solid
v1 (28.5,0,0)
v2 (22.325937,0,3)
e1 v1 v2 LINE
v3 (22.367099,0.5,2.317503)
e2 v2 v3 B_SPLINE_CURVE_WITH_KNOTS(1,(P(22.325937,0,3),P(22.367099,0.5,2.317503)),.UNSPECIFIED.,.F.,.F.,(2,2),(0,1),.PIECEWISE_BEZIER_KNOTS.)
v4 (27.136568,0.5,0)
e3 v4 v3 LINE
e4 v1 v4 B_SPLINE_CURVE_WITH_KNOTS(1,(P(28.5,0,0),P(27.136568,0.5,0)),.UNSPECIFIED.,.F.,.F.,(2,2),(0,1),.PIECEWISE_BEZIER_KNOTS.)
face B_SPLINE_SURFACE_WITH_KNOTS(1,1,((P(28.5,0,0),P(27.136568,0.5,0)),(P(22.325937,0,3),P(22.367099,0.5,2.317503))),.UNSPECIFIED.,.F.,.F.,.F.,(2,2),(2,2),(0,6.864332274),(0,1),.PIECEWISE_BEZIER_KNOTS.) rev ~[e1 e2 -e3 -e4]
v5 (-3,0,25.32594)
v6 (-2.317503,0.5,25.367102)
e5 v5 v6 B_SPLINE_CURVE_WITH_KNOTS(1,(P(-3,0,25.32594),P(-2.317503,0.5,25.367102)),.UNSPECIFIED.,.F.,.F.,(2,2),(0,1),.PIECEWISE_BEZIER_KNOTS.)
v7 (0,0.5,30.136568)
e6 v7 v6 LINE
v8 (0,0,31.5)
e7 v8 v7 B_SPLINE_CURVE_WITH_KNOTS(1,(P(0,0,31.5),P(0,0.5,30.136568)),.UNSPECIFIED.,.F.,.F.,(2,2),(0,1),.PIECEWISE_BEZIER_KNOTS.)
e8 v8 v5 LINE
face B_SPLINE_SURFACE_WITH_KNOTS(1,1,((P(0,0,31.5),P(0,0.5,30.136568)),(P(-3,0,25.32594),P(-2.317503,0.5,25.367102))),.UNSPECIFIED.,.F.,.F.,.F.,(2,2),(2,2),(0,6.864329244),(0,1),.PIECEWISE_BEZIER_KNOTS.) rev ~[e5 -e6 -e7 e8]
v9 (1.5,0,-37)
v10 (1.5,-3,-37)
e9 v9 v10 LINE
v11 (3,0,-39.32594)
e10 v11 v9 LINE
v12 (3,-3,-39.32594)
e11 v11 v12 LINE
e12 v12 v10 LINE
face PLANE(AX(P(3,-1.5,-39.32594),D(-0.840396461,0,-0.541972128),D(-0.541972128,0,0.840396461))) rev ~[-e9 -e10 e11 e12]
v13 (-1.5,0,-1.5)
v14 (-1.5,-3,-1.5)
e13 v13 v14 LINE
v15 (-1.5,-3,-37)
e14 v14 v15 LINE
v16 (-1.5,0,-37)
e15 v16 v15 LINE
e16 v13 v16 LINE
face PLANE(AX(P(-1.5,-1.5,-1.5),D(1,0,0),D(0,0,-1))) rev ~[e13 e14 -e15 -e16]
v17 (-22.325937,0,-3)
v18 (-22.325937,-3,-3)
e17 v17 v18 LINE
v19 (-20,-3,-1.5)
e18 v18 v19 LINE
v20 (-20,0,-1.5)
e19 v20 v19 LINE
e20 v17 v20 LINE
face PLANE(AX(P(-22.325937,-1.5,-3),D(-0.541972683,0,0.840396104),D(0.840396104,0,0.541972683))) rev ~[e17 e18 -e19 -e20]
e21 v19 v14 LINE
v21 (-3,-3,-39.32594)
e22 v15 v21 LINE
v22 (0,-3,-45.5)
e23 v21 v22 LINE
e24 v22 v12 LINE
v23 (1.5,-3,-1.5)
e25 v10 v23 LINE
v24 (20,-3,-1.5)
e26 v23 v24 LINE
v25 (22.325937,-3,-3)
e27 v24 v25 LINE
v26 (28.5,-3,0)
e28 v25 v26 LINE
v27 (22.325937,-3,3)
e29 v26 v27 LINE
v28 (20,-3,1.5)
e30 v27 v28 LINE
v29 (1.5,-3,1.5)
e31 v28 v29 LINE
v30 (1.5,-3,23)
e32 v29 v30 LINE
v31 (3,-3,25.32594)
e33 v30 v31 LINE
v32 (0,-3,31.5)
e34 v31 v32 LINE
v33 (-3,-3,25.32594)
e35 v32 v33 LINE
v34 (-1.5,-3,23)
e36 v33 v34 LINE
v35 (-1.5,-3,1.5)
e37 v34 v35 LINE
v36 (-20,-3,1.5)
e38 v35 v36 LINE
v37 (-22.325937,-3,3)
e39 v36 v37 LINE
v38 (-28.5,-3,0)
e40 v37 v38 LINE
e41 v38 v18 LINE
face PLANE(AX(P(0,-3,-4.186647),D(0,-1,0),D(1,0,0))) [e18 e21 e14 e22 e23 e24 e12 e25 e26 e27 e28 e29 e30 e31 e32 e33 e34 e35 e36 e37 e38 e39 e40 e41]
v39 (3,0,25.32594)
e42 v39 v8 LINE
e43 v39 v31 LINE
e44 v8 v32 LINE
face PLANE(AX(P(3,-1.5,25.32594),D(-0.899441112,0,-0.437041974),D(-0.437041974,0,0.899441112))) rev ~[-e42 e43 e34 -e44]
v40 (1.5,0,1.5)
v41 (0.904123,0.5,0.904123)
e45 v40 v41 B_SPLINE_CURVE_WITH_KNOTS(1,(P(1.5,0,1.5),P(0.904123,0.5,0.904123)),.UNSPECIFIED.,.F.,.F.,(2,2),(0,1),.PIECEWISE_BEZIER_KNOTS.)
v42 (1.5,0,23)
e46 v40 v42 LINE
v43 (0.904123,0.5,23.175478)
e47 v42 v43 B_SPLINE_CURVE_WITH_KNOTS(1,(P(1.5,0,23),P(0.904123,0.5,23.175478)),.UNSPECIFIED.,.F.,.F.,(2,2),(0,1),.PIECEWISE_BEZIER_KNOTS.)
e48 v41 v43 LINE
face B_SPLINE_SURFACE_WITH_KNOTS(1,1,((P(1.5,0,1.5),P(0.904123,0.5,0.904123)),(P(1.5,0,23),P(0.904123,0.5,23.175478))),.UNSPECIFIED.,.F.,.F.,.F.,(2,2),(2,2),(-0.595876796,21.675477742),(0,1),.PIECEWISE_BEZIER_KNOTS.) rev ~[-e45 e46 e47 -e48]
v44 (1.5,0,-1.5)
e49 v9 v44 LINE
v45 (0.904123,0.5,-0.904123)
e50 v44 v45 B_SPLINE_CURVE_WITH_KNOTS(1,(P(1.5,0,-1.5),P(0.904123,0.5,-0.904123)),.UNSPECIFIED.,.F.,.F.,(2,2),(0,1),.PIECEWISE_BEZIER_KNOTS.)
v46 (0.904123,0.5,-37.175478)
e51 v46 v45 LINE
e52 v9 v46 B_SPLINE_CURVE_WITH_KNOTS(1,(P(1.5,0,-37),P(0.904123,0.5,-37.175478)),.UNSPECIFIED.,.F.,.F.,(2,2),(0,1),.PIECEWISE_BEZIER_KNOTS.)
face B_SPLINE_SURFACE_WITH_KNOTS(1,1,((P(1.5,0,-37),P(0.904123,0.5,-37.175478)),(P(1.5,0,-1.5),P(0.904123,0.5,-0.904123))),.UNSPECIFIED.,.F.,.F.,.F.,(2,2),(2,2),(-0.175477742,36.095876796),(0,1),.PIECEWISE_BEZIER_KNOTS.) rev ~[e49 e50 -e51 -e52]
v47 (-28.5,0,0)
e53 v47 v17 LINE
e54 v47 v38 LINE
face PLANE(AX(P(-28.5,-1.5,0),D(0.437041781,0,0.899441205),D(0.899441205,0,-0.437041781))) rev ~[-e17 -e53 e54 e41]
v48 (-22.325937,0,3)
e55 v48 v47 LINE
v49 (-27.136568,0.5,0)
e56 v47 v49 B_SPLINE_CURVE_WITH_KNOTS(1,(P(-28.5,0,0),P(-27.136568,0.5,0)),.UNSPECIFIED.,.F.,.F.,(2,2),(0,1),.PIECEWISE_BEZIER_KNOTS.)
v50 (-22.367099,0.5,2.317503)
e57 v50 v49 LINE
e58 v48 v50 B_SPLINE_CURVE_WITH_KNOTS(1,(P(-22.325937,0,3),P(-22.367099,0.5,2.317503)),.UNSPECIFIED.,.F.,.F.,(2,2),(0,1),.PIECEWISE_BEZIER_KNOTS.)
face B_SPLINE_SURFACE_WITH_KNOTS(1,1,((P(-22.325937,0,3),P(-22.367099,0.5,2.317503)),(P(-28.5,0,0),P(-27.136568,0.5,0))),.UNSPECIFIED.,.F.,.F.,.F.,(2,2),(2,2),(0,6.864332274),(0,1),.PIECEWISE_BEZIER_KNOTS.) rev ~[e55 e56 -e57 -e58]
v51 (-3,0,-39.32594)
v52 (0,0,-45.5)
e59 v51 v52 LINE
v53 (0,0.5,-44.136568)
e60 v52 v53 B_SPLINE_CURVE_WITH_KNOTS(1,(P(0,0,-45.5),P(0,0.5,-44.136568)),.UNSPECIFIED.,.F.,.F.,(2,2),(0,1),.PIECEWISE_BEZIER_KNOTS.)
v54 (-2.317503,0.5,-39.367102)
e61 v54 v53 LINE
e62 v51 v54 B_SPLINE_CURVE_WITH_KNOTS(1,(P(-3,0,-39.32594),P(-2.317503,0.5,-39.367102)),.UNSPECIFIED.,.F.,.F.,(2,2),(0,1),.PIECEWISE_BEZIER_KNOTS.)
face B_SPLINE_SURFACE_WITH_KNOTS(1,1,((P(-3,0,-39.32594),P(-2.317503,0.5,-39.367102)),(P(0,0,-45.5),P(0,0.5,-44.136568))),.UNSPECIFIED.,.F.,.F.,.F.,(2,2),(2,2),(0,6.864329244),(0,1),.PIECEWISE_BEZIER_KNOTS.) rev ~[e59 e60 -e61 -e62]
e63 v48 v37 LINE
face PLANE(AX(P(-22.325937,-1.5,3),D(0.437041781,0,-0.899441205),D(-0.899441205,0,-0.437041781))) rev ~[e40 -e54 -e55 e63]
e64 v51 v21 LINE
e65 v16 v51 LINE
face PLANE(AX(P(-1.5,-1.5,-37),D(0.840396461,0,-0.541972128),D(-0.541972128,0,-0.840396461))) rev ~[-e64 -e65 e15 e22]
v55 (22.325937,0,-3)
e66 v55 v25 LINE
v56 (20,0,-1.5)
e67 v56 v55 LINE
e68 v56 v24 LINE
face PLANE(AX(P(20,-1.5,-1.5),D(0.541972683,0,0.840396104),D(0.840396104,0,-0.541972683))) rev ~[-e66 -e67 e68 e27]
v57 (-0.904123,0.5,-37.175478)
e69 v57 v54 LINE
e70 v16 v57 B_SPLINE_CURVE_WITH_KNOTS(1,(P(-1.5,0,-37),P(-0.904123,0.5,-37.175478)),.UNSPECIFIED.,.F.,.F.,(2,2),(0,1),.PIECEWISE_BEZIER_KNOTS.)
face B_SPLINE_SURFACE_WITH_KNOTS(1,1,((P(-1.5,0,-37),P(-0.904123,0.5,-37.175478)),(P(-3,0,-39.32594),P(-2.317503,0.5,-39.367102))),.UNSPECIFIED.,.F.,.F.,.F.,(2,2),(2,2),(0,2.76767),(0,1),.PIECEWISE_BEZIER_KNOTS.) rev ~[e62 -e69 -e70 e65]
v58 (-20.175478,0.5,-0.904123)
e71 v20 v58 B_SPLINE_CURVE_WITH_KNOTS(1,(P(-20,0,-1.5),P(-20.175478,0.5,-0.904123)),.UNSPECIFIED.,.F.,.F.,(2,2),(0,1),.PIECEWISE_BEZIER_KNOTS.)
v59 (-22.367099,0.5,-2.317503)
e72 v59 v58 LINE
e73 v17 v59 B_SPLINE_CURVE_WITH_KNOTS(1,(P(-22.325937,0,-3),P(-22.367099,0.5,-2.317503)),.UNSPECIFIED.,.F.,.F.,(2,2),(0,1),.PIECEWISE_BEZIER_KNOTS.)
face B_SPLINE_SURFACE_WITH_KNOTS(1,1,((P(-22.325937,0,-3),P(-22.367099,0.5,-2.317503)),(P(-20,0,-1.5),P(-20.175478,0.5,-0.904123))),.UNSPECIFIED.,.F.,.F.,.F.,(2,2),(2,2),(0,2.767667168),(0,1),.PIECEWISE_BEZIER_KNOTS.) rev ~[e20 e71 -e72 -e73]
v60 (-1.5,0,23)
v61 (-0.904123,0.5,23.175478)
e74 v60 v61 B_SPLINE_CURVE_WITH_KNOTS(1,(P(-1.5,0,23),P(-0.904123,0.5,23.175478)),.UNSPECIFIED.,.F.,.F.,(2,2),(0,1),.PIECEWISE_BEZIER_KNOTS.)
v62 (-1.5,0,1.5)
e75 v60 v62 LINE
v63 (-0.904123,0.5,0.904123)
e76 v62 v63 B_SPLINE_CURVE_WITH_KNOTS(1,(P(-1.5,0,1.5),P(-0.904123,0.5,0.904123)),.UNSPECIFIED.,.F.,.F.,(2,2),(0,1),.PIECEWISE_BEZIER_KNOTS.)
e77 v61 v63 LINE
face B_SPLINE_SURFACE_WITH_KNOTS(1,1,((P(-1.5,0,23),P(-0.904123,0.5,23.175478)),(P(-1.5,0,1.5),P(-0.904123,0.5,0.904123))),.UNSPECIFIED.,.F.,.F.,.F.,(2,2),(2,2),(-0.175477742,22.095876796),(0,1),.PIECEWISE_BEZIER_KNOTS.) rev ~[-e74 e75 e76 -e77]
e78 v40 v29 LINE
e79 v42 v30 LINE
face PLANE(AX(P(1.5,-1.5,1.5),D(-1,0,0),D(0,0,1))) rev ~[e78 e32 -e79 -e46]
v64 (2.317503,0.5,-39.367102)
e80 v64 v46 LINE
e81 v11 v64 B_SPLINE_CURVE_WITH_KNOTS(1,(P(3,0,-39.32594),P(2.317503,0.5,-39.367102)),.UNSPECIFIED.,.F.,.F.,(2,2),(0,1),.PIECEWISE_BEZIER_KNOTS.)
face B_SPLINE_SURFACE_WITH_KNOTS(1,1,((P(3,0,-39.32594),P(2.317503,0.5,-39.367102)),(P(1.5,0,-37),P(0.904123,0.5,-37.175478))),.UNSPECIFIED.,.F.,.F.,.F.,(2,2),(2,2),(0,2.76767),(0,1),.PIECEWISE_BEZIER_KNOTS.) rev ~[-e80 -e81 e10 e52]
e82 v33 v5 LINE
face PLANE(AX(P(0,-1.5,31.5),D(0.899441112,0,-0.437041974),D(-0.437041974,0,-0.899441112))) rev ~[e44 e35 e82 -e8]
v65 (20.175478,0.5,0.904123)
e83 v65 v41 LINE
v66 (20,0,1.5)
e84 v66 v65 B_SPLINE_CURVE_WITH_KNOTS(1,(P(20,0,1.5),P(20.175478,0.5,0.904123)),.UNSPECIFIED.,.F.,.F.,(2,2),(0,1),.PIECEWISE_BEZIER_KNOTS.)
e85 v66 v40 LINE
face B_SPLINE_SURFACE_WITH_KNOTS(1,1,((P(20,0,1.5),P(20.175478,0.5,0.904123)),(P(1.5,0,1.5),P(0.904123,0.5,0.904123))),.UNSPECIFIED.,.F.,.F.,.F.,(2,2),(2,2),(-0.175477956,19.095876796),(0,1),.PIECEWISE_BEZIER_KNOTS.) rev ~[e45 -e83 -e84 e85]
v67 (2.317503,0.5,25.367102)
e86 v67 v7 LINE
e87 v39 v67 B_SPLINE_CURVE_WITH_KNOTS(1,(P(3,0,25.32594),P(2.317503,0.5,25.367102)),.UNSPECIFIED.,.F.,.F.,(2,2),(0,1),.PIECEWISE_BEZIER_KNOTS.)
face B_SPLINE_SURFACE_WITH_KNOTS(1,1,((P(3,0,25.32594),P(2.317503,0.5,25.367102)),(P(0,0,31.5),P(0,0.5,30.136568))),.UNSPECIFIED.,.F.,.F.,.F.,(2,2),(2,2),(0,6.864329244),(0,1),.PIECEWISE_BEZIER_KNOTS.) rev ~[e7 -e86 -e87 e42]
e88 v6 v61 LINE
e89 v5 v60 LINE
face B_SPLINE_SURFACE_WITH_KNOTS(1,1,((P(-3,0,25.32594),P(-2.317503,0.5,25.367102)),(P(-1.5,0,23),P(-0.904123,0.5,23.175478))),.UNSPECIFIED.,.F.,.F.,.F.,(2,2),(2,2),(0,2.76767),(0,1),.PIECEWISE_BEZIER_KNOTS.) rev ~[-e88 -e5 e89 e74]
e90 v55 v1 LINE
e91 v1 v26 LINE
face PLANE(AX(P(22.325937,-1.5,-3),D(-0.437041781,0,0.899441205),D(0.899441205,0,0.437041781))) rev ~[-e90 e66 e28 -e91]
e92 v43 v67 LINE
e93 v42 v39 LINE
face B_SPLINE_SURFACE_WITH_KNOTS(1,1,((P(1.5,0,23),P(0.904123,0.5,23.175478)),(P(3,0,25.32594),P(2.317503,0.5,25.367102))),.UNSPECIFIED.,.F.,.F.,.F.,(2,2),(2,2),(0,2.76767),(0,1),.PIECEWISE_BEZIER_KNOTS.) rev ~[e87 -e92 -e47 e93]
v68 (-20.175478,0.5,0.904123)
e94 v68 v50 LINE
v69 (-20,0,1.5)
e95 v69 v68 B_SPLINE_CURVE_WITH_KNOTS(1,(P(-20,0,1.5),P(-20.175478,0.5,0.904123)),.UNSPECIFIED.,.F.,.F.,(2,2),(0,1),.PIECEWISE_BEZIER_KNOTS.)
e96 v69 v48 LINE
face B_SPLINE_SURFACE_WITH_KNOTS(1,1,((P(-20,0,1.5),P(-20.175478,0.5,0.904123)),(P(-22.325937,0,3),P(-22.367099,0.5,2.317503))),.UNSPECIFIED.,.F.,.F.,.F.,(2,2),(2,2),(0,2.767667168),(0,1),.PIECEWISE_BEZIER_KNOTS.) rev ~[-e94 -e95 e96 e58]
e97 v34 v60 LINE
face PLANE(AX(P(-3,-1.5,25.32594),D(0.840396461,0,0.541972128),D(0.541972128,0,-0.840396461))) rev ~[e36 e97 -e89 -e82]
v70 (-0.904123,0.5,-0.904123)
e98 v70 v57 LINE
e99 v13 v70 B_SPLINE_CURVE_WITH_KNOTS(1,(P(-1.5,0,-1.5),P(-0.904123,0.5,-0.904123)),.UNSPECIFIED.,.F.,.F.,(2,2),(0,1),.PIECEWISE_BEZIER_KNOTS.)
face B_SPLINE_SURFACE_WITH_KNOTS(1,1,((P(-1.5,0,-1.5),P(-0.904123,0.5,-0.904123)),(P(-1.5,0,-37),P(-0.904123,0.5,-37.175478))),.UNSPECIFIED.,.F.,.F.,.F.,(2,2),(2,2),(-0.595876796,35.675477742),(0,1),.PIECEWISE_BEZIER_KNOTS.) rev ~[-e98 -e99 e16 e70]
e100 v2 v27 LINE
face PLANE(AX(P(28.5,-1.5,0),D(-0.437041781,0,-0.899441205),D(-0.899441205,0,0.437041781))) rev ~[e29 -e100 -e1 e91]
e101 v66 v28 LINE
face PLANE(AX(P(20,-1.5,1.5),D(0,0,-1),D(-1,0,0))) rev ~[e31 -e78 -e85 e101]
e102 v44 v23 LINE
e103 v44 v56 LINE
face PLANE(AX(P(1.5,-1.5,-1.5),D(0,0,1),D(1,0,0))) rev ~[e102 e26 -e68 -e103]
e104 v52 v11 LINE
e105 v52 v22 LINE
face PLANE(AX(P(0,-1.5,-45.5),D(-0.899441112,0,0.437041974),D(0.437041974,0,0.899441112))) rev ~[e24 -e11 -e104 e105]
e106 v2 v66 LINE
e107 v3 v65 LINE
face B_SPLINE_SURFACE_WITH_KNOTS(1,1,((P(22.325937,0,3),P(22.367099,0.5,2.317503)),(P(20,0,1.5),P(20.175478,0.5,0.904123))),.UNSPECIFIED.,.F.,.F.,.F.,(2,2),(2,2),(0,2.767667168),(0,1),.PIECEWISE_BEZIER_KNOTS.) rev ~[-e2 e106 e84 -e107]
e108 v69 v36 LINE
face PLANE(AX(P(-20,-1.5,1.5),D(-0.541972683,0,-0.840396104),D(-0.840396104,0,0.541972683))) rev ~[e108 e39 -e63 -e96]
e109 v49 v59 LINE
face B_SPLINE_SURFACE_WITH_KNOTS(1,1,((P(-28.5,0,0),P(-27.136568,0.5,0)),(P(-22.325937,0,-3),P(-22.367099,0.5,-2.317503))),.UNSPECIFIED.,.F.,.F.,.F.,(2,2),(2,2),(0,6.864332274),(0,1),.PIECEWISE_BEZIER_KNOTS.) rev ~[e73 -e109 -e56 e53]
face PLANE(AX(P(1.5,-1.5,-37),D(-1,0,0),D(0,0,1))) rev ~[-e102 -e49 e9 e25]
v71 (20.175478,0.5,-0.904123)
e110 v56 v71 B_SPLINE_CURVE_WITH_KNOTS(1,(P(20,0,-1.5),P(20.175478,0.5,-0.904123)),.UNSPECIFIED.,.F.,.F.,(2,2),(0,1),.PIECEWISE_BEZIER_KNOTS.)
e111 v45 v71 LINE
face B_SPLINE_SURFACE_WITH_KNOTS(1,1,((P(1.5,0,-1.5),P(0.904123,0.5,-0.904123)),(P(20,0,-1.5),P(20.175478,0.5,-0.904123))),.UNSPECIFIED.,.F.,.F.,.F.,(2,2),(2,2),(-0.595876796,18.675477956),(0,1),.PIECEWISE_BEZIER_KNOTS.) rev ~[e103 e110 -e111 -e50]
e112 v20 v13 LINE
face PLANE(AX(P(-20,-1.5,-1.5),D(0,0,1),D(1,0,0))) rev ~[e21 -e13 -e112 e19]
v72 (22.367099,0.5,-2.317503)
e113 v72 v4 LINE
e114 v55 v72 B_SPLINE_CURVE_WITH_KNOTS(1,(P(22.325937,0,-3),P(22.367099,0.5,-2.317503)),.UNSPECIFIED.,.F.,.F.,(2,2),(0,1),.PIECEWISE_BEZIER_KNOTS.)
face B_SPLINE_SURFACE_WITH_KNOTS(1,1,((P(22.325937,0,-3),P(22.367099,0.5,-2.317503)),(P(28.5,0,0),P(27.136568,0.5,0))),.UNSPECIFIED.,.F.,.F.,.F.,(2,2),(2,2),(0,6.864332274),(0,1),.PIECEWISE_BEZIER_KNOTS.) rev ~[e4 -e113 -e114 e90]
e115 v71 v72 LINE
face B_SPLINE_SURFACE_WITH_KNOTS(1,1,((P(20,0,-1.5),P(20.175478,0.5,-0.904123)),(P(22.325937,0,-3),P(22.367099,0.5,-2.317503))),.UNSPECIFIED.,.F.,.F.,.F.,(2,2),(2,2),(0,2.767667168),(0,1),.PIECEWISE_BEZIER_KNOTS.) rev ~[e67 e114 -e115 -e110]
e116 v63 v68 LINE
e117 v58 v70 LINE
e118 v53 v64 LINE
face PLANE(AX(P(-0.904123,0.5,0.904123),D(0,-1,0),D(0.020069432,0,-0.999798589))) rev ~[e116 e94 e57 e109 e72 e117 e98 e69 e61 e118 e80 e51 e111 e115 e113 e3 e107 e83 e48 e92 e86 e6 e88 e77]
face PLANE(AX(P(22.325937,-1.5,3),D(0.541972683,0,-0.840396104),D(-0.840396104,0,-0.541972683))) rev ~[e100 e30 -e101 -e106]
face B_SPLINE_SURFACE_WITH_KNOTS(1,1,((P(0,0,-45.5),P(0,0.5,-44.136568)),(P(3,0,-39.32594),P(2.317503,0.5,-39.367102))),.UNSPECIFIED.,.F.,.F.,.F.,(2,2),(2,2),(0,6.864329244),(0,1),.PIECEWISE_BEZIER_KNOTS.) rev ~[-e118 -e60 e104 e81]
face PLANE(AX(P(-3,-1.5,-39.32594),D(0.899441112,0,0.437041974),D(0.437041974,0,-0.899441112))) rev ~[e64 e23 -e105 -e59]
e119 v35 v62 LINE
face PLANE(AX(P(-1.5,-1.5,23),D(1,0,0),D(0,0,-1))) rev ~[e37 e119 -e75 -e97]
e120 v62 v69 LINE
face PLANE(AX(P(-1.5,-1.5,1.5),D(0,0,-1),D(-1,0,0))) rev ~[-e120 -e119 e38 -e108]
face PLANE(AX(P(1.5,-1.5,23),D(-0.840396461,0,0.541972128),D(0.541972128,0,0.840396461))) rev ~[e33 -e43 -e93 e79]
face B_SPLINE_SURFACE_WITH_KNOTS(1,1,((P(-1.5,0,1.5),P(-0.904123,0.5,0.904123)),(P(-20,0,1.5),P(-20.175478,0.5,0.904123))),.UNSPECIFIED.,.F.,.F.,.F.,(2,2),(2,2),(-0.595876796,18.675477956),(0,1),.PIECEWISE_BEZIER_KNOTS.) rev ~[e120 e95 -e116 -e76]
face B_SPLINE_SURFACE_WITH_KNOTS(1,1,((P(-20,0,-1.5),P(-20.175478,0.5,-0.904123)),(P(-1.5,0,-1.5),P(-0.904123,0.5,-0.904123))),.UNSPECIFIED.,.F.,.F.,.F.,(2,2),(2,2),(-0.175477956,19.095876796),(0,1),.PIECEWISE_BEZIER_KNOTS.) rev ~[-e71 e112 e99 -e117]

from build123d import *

# Parameters (mm, degrees)
F1_DEPTH = 1.5
F2_DEPTH = 0.5
F2_TAPER = 50
F3_DEPTH = 1.5


with BuildPart() as f1:
    # F0 (on Front) → F1 (new body)
    with BuildSketch(Plane.XZ):
        Polygon((-1.5, 1.5), (-20, 1.5), (-22.3259367049, 3), (-28.5, 0), (-22.3259367049, -3), (-20, -1.5), (-1.5, -1.5), (-1.5, -37), (-3, -39.3259400742), (0, -45.5), (3, -39.3259400742), (1.5, -37), (1.5, -1.5), (20, -1.5), (22.3259367049, -3), (28.5, 0), (22.3259367049, 3), (20, 1.5), (1.5, 1.5), (1.5, 23), (3, 25.3259400742), (0, 31.5), (-3, 25.3259400742), (-1.5, 23), align=None)
        Polygon((-1, -1), (-1.5, -1), (-20, -1), (-22.3259367049, -2.5), (-27.4709894508, 0), (-22.3259367049, 2.5), (-20, 1), (-1.5, 1), (-1, 1), (-1, 23), (-2.5, 25.3259400742), (0, 30.4709900124), (2.5, 25.3259400742), (1, 23), (1, 1), (1.5, 1), (20, 1), (22.3259367049, 2.5), (27.4709894508, 0), (22.3259367049, -2.5), (20, -1), (1.5, -1), (1, -1), (1, -37), (2.5, -39.3259400742), (0, -44.4709900124), (-2.5, -39.3259400742), (-1, -37), (-1, -1.5), align=None, mode=Mode.SUBTRACT)
        Polygon((-20, -1), (-1.5, -1), (-1, -1), (-1, -1.5), (-1, -37), (-2.5, -39.3259400742), (0, -44.4709900124), (2.5, -39.3259400742), (1, -37), (1, -1), (1.5, -1), (20, -1), (22.3259367049, -2.5), (27.4709894508, 0), (22.3259367049, 2.5), (20, 1), (1.5, 1), (1, 1), (1, 23), (2.5, 25.3259400742), (0, 30.4709900124), (-2.5, 25.3259400742), (-1, 23), (-1, 1), (-1.5, 1), (-20, 1), (-22.3259367049, 2.5), (-27.4709894508, 0), (-22.3259367049, -2.5), align=None)
    extrude(amount=F1_DEPTH)

    # F0 (on Front) → F2 (join)
    with BuildSketch(Plane.XZ):
        Polygon((-1.5, 1.5), (-20, 1.5), (-22.3259367049, 3), (-28.5, 0), (-22.3259367049, -3), (-20, -1.5), (-1.5, -1.5), (-1.5, -37), (-3, -39.3259400742), (0, -45.5), (3, -39.3259400742), (1.5, -37), (1.5, -1.5), (20, -1.5), (22.3259367049, -3), (28.5, 0), (22.3259367049, 3), (20, 1.5), (1.5, 1.5), (1.5, 23), (3, 25.3259400742), (0, 31.5), (-3, 25.3259400742), (-1.5, 23), align=None)
        Polygon((-1, -1), (-1.5, -1), (-20, -1), (-22.3259367049, -2.5), (-27.4709894508, 0), (-22.3259367049, 2.5), (-20, 1), (-1.5, 1), (-1, 1), (-1, 23), (-2.5, 25.3259400742), (0, 30.4709900124), (2.5, 25.3259400742), (1, 23), (1, 1), (1.5, 1), (20, 1), (22.3259367049, 2.5), (27.4709894508, 0), (22.3259367049, -2.5), (20, -1), (1.5, -1), (1, -1), (1, -37), (2.5, -39.3259400742), (0, -44.4709900124), (-2.5, -39.3259400742), (-1, -37), (-1, -1.5), align=None, mode=Mode.SUBTRACT)
        Polygon((-20, -1), (-1.5, -1), (-1, -1), (-1, -1.5), (-1, -37), (-2.5, -39.3259400742), (0, -44.4709900124), (2.5, -39.3259400742), (1, -37), (1, -1), (1.5, -1), (20, -1), (22.3259367049, -2.5), (27.4709894508, 0), (22.3259367049, 2.5), (20, 1), (1.5, 1), (1, 1), (1, 23), (2.5, 25.3259400742), (0, 30.4709900124), (-2.5, 25.3259400742), (-1, 23), (-1, 1), (-1.5, 1), (-20, 1), (-22.3259367049, 2.5), (-27.4709894508, 0), (-22.3259367049, -2.5), align=None)
    extrude(amount=-F2_DEPTH, taper=F2_TAPER)

    # F3 (add): a face of the model
    f3_faces = [f1.faces().sort_by_distance(p)[0] for p in [
        (0, -1.5, -4.093430874),
    ]]
    extrude(f3_faces, amount=F3_DEPTH)


solid = f1.part
